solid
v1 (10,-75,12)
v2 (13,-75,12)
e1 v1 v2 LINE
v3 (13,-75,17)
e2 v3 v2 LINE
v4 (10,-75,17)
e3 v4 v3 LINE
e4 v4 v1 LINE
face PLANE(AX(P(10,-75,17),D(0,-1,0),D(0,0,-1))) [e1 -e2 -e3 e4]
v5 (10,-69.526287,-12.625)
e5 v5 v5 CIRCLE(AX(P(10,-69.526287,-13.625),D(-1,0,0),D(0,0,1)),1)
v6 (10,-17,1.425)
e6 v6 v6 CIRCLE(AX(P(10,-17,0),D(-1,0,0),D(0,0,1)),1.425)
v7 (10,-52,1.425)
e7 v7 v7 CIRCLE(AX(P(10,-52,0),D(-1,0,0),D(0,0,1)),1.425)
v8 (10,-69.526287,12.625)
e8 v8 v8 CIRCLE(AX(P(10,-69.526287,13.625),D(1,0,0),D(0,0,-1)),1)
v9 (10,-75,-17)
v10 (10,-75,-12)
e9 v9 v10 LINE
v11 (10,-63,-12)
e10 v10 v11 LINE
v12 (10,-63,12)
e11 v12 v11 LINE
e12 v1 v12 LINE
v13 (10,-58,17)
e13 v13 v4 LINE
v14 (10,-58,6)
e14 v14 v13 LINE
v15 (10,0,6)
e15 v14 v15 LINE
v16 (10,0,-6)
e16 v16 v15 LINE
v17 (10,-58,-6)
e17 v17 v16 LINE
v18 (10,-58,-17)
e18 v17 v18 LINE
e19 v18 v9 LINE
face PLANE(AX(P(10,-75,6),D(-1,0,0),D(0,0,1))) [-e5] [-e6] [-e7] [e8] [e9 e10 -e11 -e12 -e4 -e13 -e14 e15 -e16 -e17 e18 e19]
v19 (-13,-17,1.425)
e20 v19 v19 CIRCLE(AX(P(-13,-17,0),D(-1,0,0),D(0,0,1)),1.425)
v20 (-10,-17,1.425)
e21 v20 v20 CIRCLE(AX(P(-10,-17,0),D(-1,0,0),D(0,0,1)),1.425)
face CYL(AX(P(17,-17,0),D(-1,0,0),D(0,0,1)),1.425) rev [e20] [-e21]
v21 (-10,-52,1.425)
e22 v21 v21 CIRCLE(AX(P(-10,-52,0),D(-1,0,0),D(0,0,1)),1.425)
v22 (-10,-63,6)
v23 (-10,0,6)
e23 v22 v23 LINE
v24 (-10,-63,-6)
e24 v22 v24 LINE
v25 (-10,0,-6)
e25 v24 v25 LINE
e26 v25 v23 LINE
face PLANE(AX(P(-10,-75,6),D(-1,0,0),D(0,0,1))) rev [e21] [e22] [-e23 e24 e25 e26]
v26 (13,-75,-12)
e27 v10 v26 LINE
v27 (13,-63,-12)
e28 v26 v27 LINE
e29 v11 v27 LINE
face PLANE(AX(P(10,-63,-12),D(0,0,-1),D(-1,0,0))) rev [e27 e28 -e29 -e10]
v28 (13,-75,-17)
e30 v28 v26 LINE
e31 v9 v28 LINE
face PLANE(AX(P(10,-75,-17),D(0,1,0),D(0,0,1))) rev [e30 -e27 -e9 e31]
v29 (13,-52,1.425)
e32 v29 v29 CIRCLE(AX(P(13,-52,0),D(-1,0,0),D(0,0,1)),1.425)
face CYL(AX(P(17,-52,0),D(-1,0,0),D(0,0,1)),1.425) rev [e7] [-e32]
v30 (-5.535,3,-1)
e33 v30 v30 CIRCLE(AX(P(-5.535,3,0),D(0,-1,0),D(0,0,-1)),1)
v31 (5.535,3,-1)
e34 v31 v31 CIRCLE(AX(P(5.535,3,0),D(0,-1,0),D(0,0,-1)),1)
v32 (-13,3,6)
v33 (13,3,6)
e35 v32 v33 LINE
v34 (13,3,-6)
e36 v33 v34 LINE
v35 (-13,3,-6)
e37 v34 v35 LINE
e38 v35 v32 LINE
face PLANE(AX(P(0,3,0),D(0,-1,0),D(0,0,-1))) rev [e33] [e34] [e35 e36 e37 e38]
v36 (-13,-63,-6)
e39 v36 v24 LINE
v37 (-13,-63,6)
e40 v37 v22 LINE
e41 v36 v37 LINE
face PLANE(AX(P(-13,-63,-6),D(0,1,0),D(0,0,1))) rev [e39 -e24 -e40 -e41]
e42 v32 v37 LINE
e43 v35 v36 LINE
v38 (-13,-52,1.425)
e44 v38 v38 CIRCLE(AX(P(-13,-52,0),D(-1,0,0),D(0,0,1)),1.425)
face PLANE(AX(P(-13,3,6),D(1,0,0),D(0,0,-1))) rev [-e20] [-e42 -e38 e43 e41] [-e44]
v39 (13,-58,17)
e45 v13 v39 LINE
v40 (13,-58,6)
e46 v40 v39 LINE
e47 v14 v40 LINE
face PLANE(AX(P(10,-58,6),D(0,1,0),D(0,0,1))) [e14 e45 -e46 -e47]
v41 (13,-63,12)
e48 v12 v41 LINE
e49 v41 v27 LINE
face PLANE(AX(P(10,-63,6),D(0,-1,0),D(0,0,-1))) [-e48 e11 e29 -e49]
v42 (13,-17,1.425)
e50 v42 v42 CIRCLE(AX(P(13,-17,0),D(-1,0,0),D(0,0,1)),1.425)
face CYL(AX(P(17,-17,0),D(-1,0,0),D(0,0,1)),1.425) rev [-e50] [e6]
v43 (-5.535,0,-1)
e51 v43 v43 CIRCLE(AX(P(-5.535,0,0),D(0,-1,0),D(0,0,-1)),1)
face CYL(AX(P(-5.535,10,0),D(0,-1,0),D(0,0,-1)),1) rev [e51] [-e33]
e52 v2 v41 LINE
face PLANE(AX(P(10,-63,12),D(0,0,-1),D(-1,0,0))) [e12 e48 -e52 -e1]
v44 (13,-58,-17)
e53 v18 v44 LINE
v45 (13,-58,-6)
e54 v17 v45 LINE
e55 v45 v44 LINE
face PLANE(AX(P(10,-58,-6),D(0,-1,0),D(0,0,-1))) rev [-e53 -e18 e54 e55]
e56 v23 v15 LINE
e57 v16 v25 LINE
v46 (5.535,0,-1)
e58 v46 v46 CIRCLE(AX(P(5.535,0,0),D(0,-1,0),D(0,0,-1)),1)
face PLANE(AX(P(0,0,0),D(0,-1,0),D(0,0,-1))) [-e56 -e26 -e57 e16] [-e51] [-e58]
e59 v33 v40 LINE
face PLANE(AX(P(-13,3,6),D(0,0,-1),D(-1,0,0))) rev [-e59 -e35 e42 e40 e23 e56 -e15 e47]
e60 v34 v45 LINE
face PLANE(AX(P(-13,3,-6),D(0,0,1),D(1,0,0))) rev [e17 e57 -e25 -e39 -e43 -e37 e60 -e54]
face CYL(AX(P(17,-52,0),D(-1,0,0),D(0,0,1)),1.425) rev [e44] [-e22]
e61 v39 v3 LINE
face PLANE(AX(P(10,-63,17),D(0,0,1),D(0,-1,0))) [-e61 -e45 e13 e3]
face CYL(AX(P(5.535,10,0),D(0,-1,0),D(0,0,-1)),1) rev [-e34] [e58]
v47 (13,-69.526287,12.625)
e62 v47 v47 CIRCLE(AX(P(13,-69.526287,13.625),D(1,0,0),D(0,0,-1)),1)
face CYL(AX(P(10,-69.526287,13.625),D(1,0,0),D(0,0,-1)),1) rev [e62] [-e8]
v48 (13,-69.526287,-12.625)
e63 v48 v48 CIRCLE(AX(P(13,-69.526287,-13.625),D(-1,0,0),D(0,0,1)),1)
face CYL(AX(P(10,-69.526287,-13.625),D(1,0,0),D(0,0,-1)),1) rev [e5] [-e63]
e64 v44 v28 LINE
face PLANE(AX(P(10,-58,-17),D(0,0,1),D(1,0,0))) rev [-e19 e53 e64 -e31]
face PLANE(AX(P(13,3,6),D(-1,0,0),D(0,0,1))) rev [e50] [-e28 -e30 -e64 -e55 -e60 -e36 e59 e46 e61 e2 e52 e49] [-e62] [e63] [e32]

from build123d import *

# Parameters (mm, degrees)
SKETCH2_W           = 26
SKETCH2_H           = 12
BOSS_EXTRUDE1_DEPTH = 3
SKETCH3_R           = 1
CUT_EXTRUDE1_DEPTH  = 10
SKETCH4_W           = 3
SKETCH4_H           = 12
BOSS_EXTRUDE2_DEPTH = 75
SKETCH5_R           = 1.425
CUT_EXTRUDE2_DEPTH  = 30
LPATTERN1_COUNT     = 2
LPATTERN1_PITCH     = 35
BOSS_EXTRUDE3_DEPTH = 3
SKETCH7_R           = 1
CUT_EXTRUDE3_DEPTH  = 3
SKETCH8_W           = 12
SKETCH8_H           = 12
CUT_EXTRUDE4_DEPTH  = 27


with BuildPart() as part:
    # Sketch2 → Boss-Extrude1 (new body)
    with BuildSketch(Plane(origin=(0, 0, 0), x_dir=(1, 0, 0), z_dir=(0, 1, 0))):
        Rectangle(SKETCH2_W, SKETCH2_H)
    extrude(amount=BOSS_EXTRUDE1_DEPTH)

    # Sketch3 → Cut-Extrude1 (cut)
    with BuildSketch(Plane.XZ):
        with Locations((-5.535, 0)):
            Circle(SKETCH3_R)
        with Locations((5.535, 0)):
            Circle(SKETCH3_R)
    extrude(amount=-CUT_EXTRUDE1_DEPTH, mode=Mode.SUBTRACT)

    # Sketch4 → Boss-Extrude2 (add)
    with BuildSketch(Plane.XZ):
        with Locations((-11.5, 0)):
            Rectangle(SKETCH4_W, SKETCH4_H)
    boss_extrude2 = extrude(amount=BOSS_EXTRUDE2_DEPTH)

    # Mirror1: Boss-Extrude2 across plane
    add(boss_extrude2.mirror(Plane(origin=(0, 0, 0), x_dir=(0, 0, 1), z_dir=(1, 0, 0))))

    # Sketch5 → Cut-Extrude2 (cut)
    with BuildSketch(Plane.ZY.offset(13)):
        with Locations((0, -17)):
            Circle(SKETCH5_R)
    cut_extrude2 = extrude(amount=-CUT_EXTRUDE2_DEPTH, mode=Mode.SUBTRACT)

    # LPattern1: Cut-Extrude2 ×2
    with Locations(*[(0, -i * LPATTERN1_PITCH, 0) for i in range(1, LPATTERN1_COUNT)]):
        add(cut_extrude2, mode=Mode.SUBTRACT)

    # Sketch6 → Boss-Extrude3 (add)
    with BuildSketch(Plane(origin=(13, 0, 0), x_dir=(0, 0, -1), z_dir=(1, 0, 0))):
        Polygon((-6, -58), (-17, -58), (-17, -63), (-17, -75), (-12, -75), (-12, -63), (-6, -63), align=None)
    boss_extrude3 = extrude(amount=-BOSS_EXTRUDE3_DEPTH)

    # Mirror2: Boss-Extrude3 across plane
    add(boss_extrude3.mirror(Plane.XY))

    # Sketch7 → Cut-Extrude3 (cut)
    with BuildSketch(Plane(origin=(13, 0, 0), x_dir=(0, 0, -1), z_dir=(1, 0, 0))):
        with Locations((-13.625, -69.526287367)):
            Circle(SKETCH7_R)
    cut_extrude3 = extrude(amount=-CUT_EXTRUDE3_DEPTH, mode=Mode.SUBTRACT)

    # Mirror3: Cut-Extrude3 across plane
    add(cut_extrude3.mirror(Plane.XY), mode=Mode.SUBTRACT)

    # Sketch8 → Cut-Extrude4 (cut, through all)
    with BuildSketch(Plane(origin=(13, 0, 0), x_dir=(0, 0, -1), z_dir=(1, 0, 0))):
        with Locations((0, -69)):
            Rectangle(SKETCH8_W, SKETCH8_H)
    extrude(amount=-CUT_EXTRUDE4_DEPTH, mode=Mode.SUBTRACT)


solid = part.part
